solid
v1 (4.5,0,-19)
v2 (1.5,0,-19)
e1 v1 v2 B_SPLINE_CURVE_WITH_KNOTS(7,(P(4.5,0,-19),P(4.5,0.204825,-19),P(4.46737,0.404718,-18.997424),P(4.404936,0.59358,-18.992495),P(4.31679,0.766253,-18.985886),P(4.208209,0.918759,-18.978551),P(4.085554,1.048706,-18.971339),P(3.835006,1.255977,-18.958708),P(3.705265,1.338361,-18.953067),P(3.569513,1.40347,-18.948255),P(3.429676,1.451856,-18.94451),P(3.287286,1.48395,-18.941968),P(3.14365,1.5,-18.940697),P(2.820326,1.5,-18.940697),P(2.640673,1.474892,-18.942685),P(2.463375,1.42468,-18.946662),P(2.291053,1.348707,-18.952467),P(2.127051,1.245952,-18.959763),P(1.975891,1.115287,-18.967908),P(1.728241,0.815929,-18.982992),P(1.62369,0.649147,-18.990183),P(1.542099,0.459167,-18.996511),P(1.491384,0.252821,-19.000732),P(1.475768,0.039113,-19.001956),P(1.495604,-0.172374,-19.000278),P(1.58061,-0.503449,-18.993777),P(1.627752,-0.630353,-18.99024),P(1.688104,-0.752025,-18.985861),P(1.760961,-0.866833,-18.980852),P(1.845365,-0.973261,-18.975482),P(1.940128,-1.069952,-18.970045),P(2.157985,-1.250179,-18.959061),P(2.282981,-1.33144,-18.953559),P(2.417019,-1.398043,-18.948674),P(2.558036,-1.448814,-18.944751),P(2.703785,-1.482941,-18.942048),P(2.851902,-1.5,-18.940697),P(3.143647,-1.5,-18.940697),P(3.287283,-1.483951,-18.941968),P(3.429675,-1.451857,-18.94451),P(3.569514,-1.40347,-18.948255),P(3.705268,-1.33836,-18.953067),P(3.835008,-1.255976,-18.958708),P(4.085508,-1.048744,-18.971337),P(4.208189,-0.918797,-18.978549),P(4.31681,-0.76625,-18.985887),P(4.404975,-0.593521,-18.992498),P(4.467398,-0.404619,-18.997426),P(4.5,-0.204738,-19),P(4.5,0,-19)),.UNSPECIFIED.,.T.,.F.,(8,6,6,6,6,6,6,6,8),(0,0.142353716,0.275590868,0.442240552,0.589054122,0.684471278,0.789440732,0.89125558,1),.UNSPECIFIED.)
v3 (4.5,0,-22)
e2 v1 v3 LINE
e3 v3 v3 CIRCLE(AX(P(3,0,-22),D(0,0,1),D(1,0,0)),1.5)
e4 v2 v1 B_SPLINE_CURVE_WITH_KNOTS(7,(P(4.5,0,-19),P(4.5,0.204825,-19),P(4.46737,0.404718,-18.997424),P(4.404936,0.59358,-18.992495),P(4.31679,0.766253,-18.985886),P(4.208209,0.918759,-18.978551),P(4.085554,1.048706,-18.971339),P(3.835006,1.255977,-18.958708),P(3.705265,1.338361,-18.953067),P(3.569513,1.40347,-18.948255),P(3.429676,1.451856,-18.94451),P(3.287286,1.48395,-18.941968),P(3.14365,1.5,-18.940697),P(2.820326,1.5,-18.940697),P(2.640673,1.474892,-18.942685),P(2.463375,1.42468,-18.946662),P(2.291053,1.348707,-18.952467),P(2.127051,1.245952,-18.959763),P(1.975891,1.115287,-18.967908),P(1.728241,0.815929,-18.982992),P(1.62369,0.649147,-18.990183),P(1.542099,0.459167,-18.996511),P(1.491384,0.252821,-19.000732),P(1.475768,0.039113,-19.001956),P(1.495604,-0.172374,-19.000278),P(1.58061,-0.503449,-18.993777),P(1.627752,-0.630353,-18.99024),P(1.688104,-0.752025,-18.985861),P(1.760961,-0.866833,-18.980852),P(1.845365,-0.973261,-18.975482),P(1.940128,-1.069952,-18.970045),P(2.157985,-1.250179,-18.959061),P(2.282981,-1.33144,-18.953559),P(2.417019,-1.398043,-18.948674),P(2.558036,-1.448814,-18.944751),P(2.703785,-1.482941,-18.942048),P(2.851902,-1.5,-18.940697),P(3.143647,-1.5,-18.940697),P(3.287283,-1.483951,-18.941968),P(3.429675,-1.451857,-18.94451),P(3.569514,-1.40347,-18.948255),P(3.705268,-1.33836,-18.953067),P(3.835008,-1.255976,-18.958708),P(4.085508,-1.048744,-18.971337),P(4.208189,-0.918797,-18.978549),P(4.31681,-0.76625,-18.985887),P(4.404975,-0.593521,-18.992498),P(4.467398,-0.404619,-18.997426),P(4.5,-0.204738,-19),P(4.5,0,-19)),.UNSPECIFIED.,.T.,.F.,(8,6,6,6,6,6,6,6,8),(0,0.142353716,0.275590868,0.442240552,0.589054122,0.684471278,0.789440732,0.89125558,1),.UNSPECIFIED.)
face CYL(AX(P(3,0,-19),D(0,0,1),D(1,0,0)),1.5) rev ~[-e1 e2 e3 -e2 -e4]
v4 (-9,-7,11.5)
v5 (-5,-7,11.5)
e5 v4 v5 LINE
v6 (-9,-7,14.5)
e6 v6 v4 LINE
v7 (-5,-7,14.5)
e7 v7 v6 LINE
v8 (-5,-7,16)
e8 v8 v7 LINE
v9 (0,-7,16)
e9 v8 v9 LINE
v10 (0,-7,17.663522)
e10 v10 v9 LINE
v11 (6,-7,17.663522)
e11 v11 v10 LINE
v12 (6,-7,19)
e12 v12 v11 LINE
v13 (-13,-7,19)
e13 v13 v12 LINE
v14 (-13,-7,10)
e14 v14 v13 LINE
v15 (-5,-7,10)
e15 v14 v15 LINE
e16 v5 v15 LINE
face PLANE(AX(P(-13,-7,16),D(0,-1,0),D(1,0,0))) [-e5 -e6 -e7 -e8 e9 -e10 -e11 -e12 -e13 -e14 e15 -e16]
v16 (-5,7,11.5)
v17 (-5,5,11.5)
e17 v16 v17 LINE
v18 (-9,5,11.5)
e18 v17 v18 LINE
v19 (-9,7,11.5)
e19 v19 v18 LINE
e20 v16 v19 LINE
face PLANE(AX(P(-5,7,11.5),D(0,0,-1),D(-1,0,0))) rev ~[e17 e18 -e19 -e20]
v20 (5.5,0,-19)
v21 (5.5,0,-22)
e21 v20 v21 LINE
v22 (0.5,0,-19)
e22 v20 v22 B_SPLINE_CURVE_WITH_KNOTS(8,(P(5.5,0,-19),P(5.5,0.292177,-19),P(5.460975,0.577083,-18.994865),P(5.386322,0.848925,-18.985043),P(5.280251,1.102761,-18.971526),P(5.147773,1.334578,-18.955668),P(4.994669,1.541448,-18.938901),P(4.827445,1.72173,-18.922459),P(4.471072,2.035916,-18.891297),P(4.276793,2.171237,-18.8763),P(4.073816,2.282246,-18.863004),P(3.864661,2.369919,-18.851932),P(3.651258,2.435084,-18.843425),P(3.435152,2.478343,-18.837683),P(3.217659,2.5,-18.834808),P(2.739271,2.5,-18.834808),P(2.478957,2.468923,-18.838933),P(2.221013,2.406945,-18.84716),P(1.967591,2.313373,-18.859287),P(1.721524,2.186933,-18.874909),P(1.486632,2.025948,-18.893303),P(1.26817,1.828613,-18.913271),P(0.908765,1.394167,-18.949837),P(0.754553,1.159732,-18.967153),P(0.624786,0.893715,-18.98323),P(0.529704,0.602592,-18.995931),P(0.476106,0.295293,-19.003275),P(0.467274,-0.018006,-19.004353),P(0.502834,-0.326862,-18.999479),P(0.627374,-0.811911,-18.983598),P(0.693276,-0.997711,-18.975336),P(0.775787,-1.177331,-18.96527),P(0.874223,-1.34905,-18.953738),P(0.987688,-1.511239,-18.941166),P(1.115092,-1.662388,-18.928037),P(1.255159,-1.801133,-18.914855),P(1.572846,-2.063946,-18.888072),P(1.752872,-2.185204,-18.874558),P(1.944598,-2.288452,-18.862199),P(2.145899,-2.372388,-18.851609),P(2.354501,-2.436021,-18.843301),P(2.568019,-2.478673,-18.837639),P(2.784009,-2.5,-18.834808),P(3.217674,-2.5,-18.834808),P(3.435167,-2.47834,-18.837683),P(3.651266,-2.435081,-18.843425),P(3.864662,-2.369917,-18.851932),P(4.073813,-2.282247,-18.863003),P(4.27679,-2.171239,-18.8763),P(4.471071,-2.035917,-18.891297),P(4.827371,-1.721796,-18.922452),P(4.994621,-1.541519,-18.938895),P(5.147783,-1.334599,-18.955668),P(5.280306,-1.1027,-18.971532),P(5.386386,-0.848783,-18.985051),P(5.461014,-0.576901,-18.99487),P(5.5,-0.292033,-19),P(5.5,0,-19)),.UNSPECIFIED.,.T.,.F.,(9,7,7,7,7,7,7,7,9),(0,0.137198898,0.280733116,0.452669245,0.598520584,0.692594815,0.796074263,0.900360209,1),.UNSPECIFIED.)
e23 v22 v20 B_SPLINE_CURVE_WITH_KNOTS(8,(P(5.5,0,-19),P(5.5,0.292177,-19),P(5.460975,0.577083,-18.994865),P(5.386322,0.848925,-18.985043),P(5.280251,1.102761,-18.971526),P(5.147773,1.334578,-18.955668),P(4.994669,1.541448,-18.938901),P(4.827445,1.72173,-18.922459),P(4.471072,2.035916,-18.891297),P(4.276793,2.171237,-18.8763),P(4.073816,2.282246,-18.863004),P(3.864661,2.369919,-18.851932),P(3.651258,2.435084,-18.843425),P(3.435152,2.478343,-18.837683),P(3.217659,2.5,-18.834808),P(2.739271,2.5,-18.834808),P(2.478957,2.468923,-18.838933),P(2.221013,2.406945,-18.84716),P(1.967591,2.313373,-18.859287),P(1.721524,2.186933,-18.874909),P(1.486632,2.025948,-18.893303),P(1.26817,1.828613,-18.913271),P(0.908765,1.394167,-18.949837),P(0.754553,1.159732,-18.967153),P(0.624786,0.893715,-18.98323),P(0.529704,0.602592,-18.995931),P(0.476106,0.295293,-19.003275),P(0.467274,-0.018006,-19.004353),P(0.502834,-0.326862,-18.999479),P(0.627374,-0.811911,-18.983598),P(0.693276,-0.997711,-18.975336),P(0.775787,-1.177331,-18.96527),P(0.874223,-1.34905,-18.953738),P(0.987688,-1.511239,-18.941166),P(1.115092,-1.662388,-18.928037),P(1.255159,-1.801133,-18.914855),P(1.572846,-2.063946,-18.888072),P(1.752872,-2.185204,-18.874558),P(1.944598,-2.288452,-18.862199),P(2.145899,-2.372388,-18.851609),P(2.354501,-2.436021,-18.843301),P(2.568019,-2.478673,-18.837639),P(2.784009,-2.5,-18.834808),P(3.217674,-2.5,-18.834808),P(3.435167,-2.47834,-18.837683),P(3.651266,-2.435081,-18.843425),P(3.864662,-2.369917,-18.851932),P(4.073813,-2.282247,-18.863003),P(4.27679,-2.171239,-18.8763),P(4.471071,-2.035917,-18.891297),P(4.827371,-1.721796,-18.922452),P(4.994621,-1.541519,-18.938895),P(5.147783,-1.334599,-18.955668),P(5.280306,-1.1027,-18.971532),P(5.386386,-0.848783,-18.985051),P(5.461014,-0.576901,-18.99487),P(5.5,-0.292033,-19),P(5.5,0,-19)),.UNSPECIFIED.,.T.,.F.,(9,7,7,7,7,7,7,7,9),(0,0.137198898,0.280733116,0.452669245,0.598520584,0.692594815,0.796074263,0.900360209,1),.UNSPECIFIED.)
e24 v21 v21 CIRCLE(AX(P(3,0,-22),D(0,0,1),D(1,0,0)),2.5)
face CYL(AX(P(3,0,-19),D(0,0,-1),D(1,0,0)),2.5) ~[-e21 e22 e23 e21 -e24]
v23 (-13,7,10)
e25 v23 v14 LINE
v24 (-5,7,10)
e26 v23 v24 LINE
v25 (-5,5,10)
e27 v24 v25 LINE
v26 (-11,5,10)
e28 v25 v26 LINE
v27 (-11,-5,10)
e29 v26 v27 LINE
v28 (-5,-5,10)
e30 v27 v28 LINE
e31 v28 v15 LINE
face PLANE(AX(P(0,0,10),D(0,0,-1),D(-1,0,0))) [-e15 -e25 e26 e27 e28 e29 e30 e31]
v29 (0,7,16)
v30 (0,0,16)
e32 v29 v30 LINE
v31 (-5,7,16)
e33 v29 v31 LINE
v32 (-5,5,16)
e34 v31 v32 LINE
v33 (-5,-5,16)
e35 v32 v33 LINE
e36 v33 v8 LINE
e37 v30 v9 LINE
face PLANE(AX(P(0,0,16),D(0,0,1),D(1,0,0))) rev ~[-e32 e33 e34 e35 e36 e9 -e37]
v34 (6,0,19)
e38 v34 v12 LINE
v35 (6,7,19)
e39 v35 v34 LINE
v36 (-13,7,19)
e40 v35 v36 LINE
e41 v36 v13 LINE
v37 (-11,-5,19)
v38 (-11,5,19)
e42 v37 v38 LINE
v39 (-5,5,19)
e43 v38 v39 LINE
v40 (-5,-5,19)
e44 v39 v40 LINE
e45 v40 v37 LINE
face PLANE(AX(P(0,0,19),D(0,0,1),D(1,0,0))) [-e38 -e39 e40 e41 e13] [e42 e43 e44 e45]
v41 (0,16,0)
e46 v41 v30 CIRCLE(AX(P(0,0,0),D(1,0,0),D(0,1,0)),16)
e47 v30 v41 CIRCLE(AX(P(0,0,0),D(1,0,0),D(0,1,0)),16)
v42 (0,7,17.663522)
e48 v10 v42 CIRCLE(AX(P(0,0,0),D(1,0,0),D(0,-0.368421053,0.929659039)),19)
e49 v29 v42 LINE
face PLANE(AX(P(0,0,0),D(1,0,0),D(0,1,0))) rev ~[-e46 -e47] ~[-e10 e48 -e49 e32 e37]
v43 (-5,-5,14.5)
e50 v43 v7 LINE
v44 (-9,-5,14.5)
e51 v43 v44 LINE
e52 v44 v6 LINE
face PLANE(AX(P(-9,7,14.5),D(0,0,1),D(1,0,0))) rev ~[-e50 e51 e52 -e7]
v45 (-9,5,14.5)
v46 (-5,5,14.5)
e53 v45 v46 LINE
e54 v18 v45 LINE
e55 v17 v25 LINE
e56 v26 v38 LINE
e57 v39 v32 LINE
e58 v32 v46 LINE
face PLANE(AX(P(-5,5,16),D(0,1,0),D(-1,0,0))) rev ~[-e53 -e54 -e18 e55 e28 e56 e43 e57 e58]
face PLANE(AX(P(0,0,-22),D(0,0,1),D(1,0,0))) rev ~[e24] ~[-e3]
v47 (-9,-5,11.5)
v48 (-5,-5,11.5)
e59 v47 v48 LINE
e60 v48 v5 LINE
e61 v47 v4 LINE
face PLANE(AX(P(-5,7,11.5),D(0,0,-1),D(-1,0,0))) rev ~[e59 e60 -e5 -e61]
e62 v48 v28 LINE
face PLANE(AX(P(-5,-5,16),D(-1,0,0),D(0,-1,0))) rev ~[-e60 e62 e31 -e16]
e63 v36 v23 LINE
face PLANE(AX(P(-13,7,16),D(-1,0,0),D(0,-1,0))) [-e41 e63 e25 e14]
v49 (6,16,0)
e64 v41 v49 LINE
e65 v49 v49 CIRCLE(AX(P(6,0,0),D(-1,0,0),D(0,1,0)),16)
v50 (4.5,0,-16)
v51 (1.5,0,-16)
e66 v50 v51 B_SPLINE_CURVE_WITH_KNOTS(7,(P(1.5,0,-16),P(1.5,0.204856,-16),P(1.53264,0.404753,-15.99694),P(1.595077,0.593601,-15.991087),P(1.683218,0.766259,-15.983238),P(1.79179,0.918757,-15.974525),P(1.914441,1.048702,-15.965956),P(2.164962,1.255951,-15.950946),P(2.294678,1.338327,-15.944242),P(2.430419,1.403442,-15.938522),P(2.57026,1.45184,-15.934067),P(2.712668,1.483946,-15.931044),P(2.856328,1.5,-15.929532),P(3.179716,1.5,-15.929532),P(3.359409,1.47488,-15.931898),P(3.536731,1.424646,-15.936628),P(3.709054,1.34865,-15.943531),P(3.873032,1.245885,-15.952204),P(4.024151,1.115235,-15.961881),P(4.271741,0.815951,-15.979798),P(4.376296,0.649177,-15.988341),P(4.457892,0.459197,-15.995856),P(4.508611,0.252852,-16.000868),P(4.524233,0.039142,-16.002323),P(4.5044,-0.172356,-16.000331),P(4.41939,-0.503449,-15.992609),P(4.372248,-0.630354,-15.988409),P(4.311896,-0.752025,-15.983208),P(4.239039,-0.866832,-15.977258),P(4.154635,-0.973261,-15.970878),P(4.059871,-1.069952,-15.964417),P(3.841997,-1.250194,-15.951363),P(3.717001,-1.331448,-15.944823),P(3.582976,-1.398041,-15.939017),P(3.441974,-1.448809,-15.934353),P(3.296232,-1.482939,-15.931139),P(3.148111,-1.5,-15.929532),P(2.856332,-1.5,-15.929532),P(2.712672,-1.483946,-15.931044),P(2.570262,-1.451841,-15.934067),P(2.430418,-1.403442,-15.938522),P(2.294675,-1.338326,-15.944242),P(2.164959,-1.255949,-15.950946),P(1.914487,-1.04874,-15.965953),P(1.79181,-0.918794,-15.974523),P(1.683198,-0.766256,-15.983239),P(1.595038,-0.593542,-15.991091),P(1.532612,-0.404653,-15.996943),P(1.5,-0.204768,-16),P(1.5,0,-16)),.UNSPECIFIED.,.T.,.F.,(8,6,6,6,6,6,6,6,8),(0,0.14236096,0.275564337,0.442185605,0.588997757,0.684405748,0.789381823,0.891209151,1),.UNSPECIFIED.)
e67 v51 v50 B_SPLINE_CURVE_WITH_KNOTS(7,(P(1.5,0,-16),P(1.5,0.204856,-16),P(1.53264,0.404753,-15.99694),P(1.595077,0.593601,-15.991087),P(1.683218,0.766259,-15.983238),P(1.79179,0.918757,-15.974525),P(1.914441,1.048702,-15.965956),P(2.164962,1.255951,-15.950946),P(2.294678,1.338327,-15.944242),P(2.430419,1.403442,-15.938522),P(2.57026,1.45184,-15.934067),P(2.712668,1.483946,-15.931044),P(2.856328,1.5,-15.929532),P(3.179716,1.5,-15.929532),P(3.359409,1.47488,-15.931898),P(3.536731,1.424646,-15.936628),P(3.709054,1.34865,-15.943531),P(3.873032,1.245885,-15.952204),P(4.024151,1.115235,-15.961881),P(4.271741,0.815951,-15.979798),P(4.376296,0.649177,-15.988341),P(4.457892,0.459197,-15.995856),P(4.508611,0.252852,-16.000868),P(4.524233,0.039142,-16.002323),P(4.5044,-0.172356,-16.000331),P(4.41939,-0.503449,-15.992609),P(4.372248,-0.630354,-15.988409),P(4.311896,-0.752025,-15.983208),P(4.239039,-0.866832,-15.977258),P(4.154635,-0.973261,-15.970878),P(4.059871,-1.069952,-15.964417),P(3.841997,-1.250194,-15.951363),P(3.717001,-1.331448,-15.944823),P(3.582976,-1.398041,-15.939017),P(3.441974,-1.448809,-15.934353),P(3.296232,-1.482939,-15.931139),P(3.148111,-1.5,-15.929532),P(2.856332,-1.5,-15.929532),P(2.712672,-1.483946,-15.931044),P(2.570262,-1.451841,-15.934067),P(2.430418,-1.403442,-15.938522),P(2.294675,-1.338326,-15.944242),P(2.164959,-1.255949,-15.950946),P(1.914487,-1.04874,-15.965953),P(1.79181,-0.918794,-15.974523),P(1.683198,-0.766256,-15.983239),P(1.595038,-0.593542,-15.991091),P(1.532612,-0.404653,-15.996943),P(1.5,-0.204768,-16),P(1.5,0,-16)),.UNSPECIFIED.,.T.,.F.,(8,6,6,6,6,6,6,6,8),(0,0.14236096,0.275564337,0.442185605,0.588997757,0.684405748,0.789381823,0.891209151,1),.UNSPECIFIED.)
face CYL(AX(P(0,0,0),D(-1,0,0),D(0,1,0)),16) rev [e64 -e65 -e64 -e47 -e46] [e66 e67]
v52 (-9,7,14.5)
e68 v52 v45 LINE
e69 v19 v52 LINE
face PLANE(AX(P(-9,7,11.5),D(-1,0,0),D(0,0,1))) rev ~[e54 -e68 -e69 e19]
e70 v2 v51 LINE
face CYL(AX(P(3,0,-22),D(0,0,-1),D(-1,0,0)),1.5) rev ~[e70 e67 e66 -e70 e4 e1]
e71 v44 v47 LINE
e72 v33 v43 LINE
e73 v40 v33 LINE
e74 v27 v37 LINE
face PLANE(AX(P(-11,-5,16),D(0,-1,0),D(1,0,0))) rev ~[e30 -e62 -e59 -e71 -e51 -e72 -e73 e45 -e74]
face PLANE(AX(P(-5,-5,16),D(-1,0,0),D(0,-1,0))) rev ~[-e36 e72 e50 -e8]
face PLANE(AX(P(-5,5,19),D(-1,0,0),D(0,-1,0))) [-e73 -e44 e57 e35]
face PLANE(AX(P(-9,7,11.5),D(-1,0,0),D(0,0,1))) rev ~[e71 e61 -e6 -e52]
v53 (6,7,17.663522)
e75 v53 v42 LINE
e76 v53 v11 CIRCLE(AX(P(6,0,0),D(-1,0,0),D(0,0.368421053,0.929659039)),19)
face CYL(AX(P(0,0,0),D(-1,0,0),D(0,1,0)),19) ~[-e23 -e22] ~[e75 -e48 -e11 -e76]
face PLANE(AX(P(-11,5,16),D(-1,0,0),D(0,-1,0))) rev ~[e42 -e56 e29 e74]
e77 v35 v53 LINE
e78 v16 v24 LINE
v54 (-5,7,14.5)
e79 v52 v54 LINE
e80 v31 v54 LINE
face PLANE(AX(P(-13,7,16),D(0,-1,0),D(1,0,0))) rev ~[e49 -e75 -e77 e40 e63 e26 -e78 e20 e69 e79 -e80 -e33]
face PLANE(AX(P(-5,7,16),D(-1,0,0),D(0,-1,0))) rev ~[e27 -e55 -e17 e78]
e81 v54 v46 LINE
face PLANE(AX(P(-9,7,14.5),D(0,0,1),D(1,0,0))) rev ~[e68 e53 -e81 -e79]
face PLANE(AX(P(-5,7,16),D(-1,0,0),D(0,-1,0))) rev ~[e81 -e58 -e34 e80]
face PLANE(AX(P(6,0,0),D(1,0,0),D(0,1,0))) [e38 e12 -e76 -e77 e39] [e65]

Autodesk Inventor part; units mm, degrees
ref_plane "YZ Plane" through (0, 0, 0) normal (1, 0, 0) x (0, 1, 0)
ref_plane "XZ Plane" through (0, 0, 0) normal (0, 1, 0) x (-1, 0, 0)
sketch "Sketch1" plane through (0, 0, 0) normal (1, 0, 0) x (0, 1, 0)
  circle A0 centre (0, 0) radius 16
  circle A1 centre (0, 0) radius 19
  point P0 (19, 0)
  point P1 (0, -19)
  dimension "d0" = 32
  dimension "d1" = 3
extrude "Extrusion1" add sketch "Sketch1" along normal blind 6
ref_plane "Work Plane2" through (0, 0, 19) normal (0, 0, 1) x (1, 0, 0)
sketch "Sketch4" plane through (0, 0, 19) normal (0, 0, 1) x (1, 0, 0)
  line L0 (6, 16) -> (6, -16) projected
  line L1 (6, 7) -> (-13, 7)
  line L2 (-13, 7) -> (-13, -7)
  line L3 (-13, -7) -> (6, -7)
  line L4 (6, -7) -> (6, 7)
  line L5 (-11, 5) -> (-5, 5)
  line L6 (-5, 5) -> (-5, -5)
  line L7 (-5, -5) -> (-11, -5)
  line L8 (-11, -5) -> (-11, 5)
  point P0 (0, 0)
  point P1 (-13, 0)
  point P2 (-5, 0)
  dimension "d11" = 14
  dimension "d12" = 19
  dimension "d13" = 6
  dimension "d14" = 10
  dimension "d15" = 2
extrude "Extrusion4" add sketch "Sketch4" against normal blind 3
sketch "Sketch5" plane through (0, 0, 16) normal (0, 0, -1) x (-1, 0, 0)
  line L0 (13, 7) -> (13, -7) projected
  line L1 (13, -7) -> (-6, -7) projected
  line L2 (13, 7) -> (5, 7)
  line L3 (5, 7) -> (5, -7)
  line L4 (5, -7) -> (13, -7)
  line L5 (13, -7) -> (13, 7)
  line L6 (5, 5) -> (11, 5) projected
  line L7 (11, 5) -> (11, -5) projected
  line L8 (11, -5) -> (5, -5) projected
  point P0 (0, 0)
extrude "Extrusion5" add sketch "Sketch5" along normal blind 6 contours L0 L1 L3 L8 L7 L6 L2
sketch "Sketch6" plane through (-13, 7, 19) normal (0, 1, 0) x (1, 0, 0)
  line L0 (8, 3) -> (8, 9) projected
  line L1 (8, 7.5) -> (4, 7.5)
  line L2 (4, 7.5) -> (4, 4.5)
  line L3 (4, 4.5) -> (8, 4.5)
  line L4 (8, 4.5) -> (8, 7.5)
  line L5 (2, 0) -> (2, 9) projected
  line L6 (0, 9) -> (8, 9) projected
  point P0 (13, 19)
  dimension "d20" = 2
  dimension "d21" = 3
  dimension "d22" = 1.5
extrude "Extrusion6" cut sketch "Sketch6" against normal blind 17.25
ref_plane "Work Plane4" through (0, 0, -19) normal (0, 0, 1) x (1, 0, 0)
sketch "Sketch7" plane through (0, 0, -19) normal (0, 0, 1) x (1, 0, 0)
  circle A0 centre (3, 0) radius 1.5
  circle A1 centre (3, 0) radius 2.5
  line L0 (0, 19) -> (0, -19) projected
  point P0 (0, 0)
  point P1 (0, 0)
  point P2 (0, 7)
  point P3 (0, -7)
  dimension "d25" = 3
  dimension "d26" = 5
  dimension "d27" = 3
extrude "Extrusion7" add sketch "Sketch7" along normal mid plane 6
sketch "Sketch8" plane through (3, 0, -22) normal (0, 0, -1) x (-1, 0, 0)
  circle A0 centre (0, 0) radius 1.5 projected
  point P0 (3, 0)
extrude "Extrusion8" cut sketch "Sketch8" against normal blind 10.75
properties part number "Dc_Ring"
